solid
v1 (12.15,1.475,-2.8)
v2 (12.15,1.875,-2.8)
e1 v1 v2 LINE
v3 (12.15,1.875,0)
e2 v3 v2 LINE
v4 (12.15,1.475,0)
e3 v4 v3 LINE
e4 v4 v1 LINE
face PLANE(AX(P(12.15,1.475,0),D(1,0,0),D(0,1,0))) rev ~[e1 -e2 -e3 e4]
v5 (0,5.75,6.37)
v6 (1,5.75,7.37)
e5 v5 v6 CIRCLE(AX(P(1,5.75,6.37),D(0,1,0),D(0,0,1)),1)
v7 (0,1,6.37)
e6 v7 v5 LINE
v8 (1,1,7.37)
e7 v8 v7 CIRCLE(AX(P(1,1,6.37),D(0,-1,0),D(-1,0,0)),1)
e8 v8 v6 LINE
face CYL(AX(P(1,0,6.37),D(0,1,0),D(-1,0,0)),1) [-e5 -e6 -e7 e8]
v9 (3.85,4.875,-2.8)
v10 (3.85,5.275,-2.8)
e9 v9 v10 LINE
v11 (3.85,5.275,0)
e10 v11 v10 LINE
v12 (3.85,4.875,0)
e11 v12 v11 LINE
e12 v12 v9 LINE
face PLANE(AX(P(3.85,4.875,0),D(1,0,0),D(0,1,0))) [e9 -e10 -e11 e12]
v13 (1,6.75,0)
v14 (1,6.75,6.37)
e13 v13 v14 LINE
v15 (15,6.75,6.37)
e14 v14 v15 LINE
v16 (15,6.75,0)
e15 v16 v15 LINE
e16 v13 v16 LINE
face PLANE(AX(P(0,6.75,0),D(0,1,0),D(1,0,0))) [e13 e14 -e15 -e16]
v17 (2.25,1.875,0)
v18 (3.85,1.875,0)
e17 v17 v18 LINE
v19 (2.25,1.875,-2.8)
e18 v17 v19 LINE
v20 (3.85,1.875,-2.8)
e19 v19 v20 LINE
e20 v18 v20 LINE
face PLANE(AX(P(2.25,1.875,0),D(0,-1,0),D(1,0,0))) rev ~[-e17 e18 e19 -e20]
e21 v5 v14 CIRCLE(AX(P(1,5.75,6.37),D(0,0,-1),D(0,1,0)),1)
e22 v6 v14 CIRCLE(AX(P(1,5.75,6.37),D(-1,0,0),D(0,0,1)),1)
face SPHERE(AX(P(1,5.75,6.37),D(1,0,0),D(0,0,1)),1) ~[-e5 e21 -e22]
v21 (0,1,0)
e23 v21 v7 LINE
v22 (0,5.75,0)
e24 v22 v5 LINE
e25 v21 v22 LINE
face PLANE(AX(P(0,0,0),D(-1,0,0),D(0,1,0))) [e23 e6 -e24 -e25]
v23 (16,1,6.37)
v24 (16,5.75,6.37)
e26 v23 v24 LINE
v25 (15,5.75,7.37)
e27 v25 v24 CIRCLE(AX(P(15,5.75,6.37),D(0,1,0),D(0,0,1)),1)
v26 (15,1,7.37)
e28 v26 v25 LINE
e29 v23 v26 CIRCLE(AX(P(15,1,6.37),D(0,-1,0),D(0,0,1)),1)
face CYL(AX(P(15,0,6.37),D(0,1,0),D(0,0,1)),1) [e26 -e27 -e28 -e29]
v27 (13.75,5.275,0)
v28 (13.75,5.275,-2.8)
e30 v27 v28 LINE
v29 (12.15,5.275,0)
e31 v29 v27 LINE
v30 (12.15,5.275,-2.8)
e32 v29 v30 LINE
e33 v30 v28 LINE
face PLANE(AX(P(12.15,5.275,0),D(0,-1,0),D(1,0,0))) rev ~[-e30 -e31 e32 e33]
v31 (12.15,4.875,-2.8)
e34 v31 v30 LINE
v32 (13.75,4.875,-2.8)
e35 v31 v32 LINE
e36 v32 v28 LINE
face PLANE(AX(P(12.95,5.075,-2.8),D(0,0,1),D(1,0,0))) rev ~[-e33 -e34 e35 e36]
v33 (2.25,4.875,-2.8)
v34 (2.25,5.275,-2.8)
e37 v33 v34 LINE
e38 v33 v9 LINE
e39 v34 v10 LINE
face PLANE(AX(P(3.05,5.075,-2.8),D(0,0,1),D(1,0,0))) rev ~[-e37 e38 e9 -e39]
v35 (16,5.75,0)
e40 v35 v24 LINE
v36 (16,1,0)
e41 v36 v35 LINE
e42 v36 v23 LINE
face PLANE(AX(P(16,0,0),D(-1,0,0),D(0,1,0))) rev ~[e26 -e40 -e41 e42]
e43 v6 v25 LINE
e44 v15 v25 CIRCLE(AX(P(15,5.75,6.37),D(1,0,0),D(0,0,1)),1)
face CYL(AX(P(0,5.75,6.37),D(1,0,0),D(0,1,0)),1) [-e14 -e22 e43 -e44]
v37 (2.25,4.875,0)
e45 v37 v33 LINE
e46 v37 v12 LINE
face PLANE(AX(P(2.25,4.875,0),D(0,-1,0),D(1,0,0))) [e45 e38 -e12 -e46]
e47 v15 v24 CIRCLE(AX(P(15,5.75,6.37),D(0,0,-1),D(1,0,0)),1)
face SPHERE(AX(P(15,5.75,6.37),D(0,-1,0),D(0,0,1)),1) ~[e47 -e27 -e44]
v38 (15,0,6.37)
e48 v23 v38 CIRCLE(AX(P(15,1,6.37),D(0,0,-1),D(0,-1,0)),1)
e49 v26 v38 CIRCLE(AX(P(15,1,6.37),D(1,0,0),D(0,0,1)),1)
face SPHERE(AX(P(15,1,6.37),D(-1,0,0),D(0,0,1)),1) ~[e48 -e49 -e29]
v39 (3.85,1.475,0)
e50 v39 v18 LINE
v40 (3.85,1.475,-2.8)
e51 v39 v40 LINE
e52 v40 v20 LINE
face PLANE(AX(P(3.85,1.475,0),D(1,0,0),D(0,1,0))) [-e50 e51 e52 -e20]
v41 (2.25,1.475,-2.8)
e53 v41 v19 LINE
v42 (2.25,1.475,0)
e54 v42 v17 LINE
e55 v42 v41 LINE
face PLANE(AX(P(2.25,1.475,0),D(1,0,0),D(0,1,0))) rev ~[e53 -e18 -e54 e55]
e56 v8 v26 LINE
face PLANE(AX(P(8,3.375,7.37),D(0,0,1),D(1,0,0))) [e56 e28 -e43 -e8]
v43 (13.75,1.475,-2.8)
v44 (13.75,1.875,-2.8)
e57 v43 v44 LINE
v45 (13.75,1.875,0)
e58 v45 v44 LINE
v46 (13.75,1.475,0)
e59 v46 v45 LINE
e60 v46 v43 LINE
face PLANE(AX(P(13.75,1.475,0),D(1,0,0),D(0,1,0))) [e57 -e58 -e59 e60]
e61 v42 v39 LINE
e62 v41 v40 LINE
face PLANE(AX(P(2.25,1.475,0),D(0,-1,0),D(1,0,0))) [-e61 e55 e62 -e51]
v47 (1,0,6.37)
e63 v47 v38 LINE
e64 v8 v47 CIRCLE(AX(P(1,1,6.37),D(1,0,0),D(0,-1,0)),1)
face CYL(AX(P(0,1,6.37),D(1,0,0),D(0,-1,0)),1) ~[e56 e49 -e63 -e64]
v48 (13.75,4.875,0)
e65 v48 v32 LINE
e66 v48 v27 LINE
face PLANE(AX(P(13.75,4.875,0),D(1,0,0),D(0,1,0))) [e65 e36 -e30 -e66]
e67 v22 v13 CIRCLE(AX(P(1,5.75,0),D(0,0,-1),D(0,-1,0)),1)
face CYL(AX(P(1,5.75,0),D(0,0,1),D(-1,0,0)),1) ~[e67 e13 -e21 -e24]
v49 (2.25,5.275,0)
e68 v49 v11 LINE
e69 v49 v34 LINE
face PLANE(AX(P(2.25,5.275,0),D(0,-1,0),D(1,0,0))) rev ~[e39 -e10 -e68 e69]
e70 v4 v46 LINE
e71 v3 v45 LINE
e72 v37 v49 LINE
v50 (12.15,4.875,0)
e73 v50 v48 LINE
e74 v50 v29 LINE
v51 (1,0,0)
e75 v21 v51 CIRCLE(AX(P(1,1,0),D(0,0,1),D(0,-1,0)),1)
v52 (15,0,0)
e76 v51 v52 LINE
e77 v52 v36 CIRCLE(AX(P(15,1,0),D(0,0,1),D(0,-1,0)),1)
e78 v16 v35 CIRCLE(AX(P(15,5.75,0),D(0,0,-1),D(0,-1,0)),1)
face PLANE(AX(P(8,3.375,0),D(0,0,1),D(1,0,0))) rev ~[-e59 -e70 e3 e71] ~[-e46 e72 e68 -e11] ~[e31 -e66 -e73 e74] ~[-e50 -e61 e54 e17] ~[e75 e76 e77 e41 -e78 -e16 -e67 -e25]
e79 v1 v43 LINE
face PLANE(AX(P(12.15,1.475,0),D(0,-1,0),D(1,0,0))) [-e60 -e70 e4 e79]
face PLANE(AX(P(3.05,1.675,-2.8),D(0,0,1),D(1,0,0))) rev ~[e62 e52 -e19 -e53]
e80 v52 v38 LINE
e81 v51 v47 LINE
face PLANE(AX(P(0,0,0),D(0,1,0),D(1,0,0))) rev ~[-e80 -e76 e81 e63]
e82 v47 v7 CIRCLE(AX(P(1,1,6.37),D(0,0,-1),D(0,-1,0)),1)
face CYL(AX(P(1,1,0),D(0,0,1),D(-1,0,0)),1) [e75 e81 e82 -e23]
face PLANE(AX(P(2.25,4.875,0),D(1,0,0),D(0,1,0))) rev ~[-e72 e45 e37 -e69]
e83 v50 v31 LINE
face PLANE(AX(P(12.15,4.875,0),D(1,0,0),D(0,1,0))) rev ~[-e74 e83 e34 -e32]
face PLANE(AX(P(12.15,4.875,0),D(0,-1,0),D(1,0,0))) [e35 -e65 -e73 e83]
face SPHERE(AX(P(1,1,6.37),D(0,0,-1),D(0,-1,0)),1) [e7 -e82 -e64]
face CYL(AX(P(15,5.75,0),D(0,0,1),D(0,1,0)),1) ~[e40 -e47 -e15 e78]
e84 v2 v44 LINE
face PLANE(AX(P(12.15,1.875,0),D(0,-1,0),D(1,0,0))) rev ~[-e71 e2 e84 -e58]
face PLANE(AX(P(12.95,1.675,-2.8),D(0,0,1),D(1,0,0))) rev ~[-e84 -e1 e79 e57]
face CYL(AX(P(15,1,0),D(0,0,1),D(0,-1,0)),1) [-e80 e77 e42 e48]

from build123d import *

# Parameters (mm, degrees)
SKETCH_W     = 16
SKETCH_H     = 6.75
PAD_DEPTH    = 7.37
SKETCH001_W  = 1.6
SKETCH001_H  = 0.4
PAD001_DEPTH = 2.8
FILLET_R     = 1


with BuildPart() as part:
    # Sketch → Pad (new body)
    with BuildSketch(Plane.XY):
        with Locations((8, 3.375)):
            Rectangle(SKETCH_W, SKETCH_H)
    extrude(amount=PAD_DEPTH)

    # Sketch001 → Pad001 (join)
    with BuildSketch(Plane.XY):
        with Locations((3.05, 5.075)):
            Rectangle(SKETCH001_W, SKETCH001_H)
        with Locations((12.95, 5.075)):
            Rectangle(SKETCH001_W, SKETCH001_H)
        with Locations((12.95, 1.675)):
            Rectangle(SKETCH001_W, SKETCH001_H)
        with Locations((3.05, 1.675)):
            Rectangle(SKETCH001_W, SKETCH001_H)
    extrude(amount=-PAD001_DEPTH)

    # Fillet
    fillet_edges = [part.edges().sort_by_distance(p)[0] for p in [
        (0, 0, 3.685),
        (8, 0, 7.37),
        (16, 3.375, 7.37),
        (8, 6.75, 7.37),
        (0, 3.375, 7.37),
        (16, 0, 3.685),
        (16, 6.75, 3.685),
        (0, 6.75, 3.685),
    ]]
    fillet(fillet_edges, radius=FILLET_R)


solid = part.part
